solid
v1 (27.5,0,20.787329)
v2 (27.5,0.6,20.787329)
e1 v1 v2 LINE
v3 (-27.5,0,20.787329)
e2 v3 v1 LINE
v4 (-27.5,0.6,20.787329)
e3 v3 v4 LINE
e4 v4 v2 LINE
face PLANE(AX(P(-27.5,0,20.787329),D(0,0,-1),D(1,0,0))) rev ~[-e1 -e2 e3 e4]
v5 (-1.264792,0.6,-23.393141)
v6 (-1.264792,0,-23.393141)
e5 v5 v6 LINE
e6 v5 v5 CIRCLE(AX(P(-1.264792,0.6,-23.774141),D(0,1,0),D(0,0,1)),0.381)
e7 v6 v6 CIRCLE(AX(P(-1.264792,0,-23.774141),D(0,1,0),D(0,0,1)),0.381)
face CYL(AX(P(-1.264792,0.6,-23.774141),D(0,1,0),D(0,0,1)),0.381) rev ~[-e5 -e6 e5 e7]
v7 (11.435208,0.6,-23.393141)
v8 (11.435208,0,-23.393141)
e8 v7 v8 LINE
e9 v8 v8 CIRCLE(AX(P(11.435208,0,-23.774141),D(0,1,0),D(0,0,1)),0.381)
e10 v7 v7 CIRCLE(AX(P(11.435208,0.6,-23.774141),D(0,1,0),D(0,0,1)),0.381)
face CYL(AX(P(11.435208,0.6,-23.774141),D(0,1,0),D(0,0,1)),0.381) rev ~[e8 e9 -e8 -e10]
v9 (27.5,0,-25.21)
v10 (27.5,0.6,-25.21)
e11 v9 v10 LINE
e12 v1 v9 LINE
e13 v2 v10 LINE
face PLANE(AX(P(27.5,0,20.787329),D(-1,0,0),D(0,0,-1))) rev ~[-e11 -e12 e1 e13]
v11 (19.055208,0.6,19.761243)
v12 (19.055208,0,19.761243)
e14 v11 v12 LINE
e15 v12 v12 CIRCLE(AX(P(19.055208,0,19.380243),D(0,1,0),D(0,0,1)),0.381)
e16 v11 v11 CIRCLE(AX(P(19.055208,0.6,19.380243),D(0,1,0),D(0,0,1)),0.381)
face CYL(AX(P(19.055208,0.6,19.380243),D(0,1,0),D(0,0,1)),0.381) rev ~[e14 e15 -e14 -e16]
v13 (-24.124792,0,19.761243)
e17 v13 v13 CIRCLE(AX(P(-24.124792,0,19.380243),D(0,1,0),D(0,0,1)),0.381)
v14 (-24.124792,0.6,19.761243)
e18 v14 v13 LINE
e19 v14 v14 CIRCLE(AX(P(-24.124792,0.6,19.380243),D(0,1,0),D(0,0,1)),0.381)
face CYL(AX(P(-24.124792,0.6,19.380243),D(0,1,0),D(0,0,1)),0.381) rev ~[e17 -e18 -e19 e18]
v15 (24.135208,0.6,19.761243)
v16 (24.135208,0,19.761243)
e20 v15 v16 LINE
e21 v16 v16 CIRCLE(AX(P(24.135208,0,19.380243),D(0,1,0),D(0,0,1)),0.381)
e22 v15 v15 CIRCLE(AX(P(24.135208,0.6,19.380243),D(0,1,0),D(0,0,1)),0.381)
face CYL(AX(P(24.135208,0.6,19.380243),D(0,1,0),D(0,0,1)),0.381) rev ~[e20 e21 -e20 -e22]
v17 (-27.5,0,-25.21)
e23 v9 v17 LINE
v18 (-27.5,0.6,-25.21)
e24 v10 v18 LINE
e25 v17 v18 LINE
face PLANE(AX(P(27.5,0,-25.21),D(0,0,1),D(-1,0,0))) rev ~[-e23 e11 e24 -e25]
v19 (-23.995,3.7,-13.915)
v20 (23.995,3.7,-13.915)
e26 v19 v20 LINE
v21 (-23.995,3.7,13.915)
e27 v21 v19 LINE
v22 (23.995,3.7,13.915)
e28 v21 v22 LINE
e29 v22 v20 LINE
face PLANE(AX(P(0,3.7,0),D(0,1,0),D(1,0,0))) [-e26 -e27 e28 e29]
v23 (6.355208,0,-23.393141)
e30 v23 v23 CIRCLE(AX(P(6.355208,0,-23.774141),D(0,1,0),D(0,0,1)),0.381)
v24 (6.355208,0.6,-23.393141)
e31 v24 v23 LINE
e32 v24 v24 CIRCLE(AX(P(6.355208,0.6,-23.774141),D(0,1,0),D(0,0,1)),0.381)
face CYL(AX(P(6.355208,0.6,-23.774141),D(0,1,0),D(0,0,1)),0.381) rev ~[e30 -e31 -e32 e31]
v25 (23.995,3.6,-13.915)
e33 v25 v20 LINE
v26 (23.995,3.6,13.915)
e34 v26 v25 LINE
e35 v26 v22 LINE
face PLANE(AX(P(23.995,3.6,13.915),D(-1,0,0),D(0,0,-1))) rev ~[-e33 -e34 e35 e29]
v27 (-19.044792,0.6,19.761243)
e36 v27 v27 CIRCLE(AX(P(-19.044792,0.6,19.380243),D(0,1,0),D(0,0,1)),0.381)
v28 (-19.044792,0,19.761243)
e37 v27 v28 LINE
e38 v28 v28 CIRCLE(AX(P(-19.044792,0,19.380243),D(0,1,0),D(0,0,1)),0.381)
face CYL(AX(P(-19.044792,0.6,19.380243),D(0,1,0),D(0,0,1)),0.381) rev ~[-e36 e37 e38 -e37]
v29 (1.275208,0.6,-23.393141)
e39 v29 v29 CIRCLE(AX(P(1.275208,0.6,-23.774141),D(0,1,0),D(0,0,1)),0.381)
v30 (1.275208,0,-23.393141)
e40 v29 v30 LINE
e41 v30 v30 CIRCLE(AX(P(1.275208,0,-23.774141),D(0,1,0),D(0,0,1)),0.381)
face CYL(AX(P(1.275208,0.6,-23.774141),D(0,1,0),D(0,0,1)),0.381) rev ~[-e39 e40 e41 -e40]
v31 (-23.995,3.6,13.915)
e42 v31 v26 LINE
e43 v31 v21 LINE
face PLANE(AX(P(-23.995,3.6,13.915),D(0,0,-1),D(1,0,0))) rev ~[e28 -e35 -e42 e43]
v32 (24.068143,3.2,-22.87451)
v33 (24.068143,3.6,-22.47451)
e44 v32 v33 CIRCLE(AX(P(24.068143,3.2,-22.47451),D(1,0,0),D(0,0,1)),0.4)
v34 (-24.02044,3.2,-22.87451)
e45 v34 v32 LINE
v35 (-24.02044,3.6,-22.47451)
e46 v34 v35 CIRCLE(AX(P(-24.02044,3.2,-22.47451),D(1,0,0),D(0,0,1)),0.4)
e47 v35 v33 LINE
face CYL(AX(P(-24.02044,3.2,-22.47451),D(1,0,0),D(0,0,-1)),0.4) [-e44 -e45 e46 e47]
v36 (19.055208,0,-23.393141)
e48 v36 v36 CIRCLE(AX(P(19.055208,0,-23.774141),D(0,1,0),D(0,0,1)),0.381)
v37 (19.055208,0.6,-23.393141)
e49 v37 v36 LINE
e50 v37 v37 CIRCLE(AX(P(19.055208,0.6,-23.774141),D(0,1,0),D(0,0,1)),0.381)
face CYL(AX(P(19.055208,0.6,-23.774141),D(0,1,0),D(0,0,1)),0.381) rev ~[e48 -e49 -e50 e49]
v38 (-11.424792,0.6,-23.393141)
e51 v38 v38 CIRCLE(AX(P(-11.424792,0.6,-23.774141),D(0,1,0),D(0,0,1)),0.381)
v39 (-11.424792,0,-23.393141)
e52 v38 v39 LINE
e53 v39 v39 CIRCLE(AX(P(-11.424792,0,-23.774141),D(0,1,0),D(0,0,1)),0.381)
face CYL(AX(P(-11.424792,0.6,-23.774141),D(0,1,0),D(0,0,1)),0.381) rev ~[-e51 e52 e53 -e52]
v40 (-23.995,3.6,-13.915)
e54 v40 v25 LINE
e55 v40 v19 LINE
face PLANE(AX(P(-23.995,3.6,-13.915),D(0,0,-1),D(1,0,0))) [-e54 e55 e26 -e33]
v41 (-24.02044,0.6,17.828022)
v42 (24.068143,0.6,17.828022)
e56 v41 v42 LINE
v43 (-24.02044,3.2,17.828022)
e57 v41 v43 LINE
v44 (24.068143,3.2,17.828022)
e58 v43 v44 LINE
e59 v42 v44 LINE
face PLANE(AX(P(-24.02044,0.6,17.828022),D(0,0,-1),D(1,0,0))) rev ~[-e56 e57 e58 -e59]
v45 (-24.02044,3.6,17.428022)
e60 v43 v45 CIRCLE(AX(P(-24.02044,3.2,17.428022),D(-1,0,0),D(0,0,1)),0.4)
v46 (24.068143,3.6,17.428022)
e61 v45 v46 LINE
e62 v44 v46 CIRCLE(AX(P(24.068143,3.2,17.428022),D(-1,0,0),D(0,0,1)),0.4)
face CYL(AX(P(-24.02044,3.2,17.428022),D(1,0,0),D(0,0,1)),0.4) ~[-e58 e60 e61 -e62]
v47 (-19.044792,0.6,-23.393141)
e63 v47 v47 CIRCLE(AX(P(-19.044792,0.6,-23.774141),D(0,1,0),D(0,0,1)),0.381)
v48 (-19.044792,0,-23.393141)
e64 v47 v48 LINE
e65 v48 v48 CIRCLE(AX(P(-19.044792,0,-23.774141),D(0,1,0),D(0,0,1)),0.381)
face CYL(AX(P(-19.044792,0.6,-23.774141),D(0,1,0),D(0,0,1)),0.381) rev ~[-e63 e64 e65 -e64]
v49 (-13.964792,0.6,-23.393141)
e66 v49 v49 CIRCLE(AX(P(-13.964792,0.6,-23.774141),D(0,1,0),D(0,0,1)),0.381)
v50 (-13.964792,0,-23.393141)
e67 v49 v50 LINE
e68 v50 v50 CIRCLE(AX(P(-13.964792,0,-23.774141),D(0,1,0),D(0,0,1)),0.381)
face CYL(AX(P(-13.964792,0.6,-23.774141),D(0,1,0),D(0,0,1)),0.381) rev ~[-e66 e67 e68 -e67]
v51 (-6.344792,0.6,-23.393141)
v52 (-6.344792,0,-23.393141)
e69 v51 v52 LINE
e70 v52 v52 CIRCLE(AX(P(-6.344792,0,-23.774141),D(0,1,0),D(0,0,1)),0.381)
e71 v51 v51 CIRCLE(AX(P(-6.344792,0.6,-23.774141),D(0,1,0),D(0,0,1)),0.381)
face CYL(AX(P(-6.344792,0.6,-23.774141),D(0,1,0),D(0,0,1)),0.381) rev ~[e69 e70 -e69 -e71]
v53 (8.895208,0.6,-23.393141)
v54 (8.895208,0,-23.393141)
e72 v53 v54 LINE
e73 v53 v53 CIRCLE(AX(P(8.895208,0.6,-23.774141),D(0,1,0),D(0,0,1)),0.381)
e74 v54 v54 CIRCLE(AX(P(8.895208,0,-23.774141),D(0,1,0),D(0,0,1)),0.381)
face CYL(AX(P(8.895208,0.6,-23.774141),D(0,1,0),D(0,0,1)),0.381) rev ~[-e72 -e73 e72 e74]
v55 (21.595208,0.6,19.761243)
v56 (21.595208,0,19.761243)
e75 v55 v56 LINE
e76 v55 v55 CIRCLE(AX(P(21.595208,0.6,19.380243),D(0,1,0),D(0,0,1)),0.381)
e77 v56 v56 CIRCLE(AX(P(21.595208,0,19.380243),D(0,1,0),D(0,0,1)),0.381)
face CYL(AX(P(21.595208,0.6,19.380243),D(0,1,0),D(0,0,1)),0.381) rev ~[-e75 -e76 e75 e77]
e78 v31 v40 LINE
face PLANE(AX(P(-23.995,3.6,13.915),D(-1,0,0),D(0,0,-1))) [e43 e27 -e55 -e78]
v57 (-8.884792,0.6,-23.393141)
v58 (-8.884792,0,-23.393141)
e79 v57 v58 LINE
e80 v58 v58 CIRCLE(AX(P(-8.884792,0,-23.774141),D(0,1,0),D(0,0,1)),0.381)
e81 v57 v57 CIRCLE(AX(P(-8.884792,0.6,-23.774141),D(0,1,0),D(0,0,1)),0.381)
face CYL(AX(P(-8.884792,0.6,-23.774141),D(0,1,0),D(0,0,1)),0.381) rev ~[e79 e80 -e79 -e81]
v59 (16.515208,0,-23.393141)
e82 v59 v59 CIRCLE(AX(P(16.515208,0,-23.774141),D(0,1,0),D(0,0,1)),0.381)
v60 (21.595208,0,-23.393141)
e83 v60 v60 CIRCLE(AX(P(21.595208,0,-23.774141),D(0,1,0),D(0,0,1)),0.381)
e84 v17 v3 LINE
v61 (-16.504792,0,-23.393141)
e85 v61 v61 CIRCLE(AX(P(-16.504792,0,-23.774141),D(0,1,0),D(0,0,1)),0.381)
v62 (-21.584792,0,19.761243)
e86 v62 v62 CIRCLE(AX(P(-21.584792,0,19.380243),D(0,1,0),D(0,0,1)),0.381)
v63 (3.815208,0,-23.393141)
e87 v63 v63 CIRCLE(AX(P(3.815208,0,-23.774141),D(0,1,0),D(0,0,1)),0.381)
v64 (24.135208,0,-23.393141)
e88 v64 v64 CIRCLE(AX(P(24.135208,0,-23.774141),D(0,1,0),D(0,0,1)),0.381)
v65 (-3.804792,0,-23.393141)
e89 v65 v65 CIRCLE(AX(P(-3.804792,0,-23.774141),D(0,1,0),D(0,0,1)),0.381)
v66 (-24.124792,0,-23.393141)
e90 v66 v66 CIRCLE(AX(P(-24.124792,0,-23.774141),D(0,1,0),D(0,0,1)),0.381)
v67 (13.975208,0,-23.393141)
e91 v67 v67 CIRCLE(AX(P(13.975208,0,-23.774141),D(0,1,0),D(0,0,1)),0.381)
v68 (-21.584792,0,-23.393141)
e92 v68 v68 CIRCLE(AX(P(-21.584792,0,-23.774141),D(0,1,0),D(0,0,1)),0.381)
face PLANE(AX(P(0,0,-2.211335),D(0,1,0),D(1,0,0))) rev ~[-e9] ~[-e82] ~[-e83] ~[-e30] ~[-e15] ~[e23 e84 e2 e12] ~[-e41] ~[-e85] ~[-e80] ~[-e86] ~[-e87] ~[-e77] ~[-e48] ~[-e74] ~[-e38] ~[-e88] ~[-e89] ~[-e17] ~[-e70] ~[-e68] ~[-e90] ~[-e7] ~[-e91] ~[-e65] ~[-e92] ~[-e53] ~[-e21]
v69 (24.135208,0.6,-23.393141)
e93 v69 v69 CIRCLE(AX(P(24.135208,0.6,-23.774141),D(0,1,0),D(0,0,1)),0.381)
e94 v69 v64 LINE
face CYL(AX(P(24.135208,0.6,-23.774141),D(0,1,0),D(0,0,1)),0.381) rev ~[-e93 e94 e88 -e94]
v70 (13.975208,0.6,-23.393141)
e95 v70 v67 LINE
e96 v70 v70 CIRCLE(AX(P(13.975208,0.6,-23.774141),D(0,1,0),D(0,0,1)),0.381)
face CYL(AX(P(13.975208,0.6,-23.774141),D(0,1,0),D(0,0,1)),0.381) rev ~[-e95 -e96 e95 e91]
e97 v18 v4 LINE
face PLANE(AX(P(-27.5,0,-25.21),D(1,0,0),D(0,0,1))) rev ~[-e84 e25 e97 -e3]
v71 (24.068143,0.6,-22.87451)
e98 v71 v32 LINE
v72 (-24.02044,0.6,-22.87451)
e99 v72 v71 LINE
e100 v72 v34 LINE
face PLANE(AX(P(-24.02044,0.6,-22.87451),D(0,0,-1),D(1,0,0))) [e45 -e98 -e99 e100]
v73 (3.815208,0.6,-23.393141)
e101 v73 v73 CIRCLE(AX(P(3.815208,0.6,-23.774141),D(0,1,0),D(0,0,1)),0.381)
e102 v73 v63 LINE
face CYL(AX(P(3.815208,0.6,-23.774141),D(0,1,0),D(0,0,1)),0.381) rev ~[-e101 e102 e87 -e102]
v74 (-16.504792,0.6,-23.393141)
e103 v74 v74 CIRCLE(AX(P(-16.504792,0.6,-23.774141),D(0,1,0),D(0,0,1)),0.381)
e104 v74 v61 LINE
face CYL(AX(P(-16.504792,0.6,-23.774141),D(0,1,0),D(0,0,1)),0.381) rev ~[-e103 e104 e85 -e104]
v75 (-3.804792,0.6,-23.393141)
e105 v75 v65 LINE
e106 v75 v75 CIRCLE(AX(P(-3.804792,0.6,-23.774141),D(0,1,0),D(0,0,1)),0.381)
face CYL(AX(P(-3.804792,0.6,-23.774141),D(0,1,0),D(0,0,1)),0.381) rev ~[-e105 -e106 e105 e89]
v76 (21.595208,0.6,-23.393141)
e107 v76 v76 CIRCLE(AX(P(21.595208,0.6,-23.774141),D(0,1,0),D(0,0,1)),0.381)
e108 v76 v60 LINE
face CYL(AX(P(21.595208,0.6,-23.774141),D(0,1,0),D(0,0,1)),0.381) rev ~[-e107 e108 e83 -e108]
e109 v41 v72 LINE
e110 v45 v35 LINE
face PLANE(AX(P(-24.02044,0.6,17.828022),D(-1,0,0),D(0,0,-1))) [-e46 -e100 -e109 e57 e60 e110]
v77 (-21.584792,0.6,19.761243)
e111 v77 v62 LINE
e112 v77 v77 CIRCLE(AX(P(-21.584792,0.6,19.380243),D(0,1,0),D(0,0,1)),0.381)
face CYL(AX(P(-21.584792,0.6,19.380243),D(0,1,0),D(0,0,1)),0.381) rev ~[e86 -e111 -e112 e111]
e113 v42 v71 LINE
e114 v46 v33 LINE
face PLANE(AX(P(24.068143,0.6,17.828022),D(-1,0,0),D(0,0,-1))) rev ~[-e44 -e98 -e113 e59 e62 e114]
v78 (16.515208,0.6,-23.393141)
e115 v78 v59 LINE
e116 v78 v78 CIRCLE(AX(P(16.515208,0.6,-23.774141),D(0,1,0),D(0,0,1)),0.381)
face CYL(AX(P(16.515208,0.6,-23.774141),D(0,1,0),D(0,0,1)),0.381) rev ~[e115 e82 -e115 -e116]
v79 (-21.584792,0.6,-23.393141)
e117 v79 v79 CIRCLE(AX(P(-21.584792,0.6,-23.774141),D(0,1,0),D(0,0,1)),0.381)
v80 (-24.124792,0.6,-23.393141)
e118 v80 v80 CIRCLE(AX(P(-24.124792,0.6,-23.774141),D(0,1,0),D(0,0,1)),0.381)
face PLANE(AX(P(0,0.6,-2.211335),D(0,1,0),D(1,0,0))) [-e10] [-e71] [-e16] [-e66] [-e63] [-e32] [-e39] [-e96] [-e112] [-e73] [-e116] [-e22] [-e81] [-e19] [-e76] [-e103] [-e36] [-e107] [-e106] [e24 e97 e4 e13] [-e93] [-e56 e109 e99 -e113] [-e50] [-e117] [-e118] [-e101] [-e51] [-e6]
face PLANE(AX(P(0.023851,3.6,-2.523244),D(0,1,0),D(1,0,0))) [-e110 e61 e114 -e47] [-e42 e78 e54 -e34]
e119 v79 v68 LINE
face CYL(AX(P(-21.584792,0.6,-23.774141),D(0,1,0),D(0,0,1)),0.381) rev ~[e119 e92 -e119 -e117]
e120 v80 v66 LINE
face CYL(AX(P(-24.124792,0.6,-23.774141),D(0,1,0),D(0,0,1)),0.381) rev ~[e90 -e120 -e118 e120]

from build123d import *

# Parameters (mm, degrees)
BOSS_EXTRU_1_DEPTH         = 0.6
ESQUISSE3_W                = 48.088583049
ESQUISSE3_H                = 40.702531731
BOSS_EXTRU_2_DEPTH         = 3
CONG_1_R                   = 0.4
ESQUISSE4_W                = 47.99
ESQUISSE4_H                = 27.83
BOSS_EXTRU_3_DEPTH         = 0.1
ESQUISSE5_R                = 0.381
ENL_V_MAT_EXTRU_1_DEPTH    = 38.55059167
R_P_TITION_LIN_AIRE1_COUNT = 20
R_P_TITION_LIN_AIRE1_PITCH = 2.54
ESQUISSE7_R                = 0.381
ENL_V_MAT_EXTRU_3_DEPTH    = 38.435332241
R_P_TITION_LIN_AIRE2_COUNT = 3
R_P_TITION_LIN_AIRE2_PITCH = 2.54
ESQUISSE9_R                = 0.381
ENL_V_MAT_EXTRU_4_DEPTH    = 38.435332241
R_P_TITION_LIN_AIRE3_COUNT = 3
R_P_TITION_LIN_AIRE3_PITCH = 2.54


with BuildPart() as part:
    # cadre ecran → Boss.-Extru.1 (new body)
    with BuildSketch(Plane(origin=(0, 0, 0), x_dir=(1, 0, 0), z_dir=(0, 1, 0))):
        Polygon((0, -20.787329411), (27.5, -20.787329411), (27.5, 25.21), (-27.5, 25.21), (-27.5, -20.787329411), align=None)
    extrude(amount=BOSS_EXTRU_1_DEPTH)

    # Esquisse3 → Boss.-Extru.2 (add)
    with BuildSketch(Plane(origin=(0, 0.6, 0), x_dir=(1, 0, 0), z_dir=(0, 1, 0))):
        with Locations((0.023851228, 2.523244052)):
            Rectangle(ESQUISSE3_W, ESQUISSE3_H)
    extrude(amount=BOSS_EXTRU_2_DEPTH)

    # Congé1
    cong_1_edges = [part.edges().sort_by_distance(p)[0] for p in [
        (0.023851228, 3.6, 17.828021814),
        (0.023851228, 3.6, -22.874509917),
    ]]
    fillet(cong_1_edges, radius=CONG_1_R)

    # Esquisse4 → Boss.-Extru.3 (add)
    with BuildSketch(Plane(origin=(0, 3.6, 0), x_dir=(1, 0, 0), z_dir=(0, 1, 0))):
        Rectangle(ESQUISSE4_W, ESQUISSE4_H)
    extrude(amount=BOSS_EXTRU_3_DEPTH)

    # Esquisse5 → Enlèv. mat.-Extru.1 (cut, through all)
    with BuildSketch(Plane(origin=(-0.148451016, 0.6, 0.009042233), x_dir=(1, 0, 0), z_dir=(0, 1, 0))):
        with Locations(Location((-23.976340586, 23.783183719, 0), (0, 0, 270))):
            Circle(ESQUISSE5_R)
    enl_v_mat_extru_1 = extrude(amount=-ENL_V_MAT_EXTRU_1_DEPTH, mode=Mode.SUBTRACT)

    # Répétition linéaire1: Enlèv. mat.-Extru.1 ×20
    with Locations(*[(i * R_P_TITION_LIN_AIRE1_PITCH, 0, 0) for i in range(1, R_P_TITION_LIN_AIRE1_COUNT)]):
        add(enl_v_mat_extru_1, mode=Mode.SUBTRACT)

    # Esquisse7 → Enlèv. mat.-Extru.3 (cut, through all)
    with BuildSketch(Plane(origin=(0, 0.6, 0), x_dir=(1, 0, 0), z_dir=(0, 1, 0))):
        with Locations(Location((-24.124791601, -19.380242651, 0), (0, 0, 270))):
            Circle(ESQUISSE7_R)
    enl_v_mat_extru_3 = extrude(amount=-ENL_V_MAT_EXTRU_3_DEPTH, mode=Mode.SUBTRACT)

    # Répétition linéaire2: Enlèv. mat.-Extru.3 ×3
    with Locations(*[(i * R_P_TITION_LIN_AIRE2_PITCH, 0, 0) for i in range(1, R_P_TITION_LIN_AIRE2_COUNT)]):
        add(enl_v_mat_extru_3, mode=Mode.SUBTRACT)

    # Esquisse9 → Enlèv. mat.-Extru.4 (cut, through all)
    with BuildSketch(Plane(origin=(0, 0.6, 0), x_dir=(1, 0, 0), z_dir=(0, 1, 0))):
        with Locations(Location((24.135208399, -19.380242651, 0), (0, 0, 270))):
            Circle(ESQUISSE9_R)
    enl_v_mat_extru_4 = extrude(amount=-ENL_V_MAT_EXTRU_4_DEPTH, mode=Mode.SUBTRACT)

    # Répétition linéaire3: Enlèv. mat.-Extru.4 ×3
    with Locations(*[(-i * R_P_TITION_LIN_AIRE3_PITCH, 0, 0) for i in range(1, R_P_TITION_LIN_AIRE3_COUNT)]):
        add(enl_v_mat_extru_4, mode=Mode.SUBTRACT)


solid = part.part
